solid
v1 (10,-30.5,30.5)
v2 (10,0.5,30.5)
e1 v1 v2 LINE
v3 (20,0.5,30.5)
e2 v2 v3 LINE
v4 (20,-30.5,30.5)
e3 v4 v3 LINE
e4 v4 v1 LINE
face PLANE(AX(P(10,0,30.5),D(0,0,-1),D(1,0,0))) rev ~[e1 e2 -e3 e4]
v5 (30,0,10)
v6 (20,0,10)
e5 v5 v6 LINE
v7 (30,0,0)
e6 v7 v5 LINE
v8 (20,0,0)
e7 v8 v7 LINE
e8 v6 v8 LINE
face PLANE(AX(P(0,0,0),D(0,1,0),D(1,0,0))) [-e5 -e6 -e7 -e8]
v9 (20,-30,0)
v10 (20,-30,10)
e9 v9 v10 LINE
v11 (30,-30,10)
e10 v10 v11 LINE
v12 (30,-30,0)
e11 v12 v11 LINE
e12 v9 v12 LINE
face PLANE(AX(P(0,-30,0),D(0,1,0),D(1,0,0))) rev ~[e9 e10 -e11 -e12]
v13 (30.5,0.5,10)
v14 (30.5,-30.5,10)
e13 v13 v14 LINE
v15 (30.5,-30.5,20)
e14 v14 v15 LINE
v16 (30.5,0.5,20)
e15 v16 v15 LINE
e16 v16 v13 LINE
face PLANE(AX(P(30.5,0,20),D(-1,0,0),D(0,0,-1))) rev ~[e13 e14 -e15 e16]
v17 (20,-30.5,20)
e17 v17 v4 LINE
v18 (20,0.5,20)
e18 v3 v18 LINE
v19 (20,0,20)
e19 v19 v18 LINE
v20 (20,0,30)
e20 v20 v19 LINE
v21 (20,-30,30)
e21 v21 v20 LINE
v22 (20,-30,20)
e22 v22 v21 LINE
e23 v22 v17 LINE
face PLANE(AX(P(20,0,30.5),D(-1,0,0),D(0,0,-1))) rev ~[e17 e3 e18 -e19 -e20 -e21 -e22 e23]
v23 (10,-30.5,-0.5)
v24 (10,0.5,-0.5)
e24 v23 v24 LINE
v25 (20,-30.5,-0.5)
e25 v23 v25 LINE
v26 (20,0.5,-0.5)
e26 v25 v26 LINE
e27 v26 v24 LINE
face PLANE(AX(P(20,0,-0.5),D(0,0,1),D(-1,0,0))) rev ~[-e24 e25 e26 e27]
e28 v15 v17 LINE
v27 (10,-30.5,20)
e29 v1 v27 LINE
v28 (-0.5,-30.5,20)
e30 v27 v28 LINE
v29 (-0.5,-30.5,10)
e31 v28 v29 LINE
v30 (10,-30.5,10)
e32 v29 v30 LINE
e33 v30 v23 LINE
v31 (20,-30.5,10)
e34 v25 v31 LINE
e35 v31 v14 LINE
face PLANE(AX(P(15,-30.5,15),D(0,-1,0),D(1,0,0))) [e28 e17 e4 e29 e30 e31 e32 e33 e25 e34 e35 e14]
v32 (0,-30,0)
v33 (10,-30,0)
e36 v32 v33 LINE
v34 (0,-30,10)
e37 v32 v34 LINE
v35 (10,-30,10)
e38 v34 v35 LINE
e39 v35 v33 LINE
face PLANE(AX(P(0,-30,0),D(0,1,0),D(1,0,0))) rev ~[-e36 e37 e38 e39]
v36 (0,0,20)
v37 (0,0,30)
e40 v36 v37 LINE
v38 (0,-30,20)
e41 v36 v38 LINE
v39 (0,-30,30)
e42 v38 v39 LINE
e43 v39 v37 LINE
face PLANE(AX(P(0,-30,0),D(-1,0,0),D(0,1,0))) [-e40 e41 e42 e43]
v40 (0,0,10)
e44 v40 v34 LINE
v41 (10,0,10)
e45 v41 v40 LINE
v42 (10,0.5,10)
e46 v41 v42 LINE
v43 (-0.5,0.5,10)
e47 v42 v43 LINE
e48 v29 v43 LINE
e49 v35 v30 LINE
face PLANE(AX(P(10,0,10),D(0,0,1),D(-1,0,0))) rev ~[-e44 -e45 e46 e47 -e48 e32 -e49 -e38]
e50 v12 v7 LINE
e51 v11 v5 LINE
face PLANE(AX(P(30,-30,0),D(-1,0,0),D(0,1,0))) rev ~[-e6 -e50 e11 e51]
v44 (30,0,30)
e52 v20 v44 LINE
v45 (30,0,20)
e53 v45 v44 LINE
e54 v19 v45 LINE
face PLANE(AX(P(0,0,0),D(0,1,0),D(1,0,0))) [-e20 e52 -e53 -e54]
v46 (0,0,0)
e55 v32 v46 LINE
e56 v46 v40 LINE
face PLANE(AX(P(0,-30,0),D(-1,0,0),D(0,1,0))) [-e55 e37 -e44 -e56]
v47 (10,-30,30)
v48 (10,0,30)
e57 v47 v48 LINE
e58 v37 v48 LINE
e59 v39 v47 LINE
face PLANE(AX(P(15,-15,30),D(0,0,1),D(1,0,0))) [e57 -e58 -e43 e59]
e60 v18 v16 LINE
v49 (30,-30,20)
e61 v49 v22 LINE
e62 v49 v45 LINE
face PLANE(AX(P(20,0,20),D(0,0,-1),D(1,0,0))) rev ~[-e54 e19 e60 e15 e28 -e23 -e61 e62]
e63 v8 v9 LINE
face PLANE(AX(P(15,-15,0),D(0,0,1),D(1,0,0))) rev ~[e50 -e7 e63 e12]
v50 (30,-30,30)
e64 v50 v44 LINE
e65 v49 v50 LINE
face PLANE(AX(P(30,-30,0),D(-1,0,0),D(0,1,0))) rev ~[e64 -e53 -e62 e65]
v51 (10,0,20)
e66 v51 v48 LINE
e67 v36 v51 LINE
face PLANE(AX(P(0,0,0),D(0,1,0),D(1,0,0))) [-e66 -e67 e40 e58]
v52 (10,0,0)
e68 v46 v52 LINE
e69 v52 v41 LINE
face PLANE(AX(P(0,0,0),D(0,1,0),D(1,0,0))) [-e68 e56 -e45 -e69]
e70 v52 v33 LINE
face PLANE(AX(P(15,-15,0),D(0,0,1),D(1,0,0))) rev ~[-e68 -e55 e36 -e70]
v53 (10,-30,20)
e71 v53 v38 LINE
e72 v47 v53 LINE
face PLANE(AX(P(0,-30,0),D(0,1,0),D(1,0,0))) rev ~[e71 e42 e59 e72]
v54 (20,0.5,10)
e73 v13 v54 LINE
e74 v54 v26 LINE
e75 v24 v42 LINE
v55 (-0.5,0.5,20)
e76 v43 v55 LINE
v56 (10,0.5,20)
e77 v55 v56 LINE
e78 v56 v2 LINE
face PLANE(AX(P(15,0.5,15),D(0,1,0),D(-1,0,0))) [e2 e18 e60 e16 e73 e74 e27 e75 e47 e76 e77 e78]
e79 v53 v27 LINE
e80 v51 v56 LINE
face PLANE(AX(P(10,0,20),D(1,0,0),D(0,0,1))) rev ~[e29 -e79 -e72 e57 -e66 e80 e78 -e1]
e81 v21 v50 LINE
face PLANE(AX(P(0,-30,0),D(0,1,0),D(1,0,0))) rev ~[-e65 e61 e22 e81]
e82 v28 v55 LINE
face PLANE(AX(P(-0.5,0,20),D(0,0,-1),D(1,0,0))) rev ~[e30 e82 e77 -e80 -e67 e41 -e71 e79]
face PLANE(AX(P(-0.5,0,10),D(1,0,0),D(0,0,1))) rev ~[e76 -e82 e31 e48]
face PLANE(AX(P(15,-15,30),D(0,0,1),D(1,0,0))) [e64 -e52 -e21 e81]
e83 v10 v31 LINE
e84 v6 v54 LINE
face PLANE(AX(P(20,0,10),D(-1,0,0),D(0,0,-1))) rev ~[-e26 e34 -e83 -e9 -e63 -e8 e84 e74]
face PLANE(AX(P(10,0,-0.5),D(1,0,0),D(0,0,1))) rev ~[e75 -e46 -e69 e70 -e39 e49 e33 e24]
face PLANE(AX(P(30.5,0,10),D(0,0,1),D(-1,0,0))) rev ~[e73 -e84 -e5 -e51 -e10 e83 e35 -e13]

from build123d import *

# Parameters (mm, degrees)
F0_W      = 30
F0_H      = 30
F1_DEPTH  = 30
F2_W      = 10
F2_H      = 30
F3_DEPTH  = 0.5
F4_W      = 30
F4_H      = 10
F5_DEPTH  = 0.5
F6_W      = 30
F6_H      = 10
F7_DEPTH  = 0.5
F8_W      = 10
F8_H      = 30
F9_DEPTH  = 0.5
F11_DEPTH = 0.5
F13_DEPTH = 0.5


with BuildPart() as f1:
    # F0 (on Top) → F1 (new body)
    with BuildSketch(Plane.XY):
        with Locations((15, -15)):
            Rectangle(F0_W, F0_H)
    extrude(amount=F1_DEPTH)

    # F2 (on face) → F3 (join)
    with BuildSketch(Plane.XY.offset(30)):
        with Locations((15, -15)):
            Rectangle(F2_W, F2_H)
    extrude(amount=F3_DEPTH)

    # F4 (on face) → F5 (join)
    with BuildSketch(Plane(origin=(0, 0, 0), x_dir=(0, -1, 0), z_dir=(-1, 0, 0))):
        with Locations((15, 15)):
            Rectangle(F4_W, F4_H)
    extrude(amount=F5_DEPTH)

    # F6 (on face) → F7 (join)
    with BuildSketch(Plane.YZ.offset(30)):
        with Locations((-15, 15)):
            Rectangle(F6_W, F6_H)
    extrude(amount=F7_DEPTH)

    # F8 (on face) → F9 (join)
    with BuildSketch(Plane(origin=(0, 0, 0), x_dir=(1, 0, 0), z_dir=(0, 0, -1))):
        with Locations((15, 15)):
            Rectangle(F8_W, F8_H)
    extrude(amount=F9_DEPTH)

    # F10 (on face) → F11 (join)
    with BuildSketch(Plane.XZ.offset(30)):
        Polygon((10, -0.5), (20, -0.5), (20, 0), (20, 10), (30, 10), (30.5, 10), (30.5, 20), (30, 20), (20, 20), (20, 30), (20, 30.5), (10, 30.5), (10, 30), (10, 20), (0, 20), (-0.5, 20), (-0.5, 10), (0, 10), (10, 10), (10, 0), align=None)
    extrude(amount=F11_DEPTH)

    # F12 (on face) → F13 (join)
    with BuildSketch(Plane(origin=(0, 0, 0), x_dir=(-1, 0, 0), z_dir=(0, 1, 0))):
        Polygon((-20, 10), (-20, -0.5), (-10, -0.5), (-10, 10), (0.5, 10), (0.5, 20), (-10, 20), (-10, 30.5), (-20, 30.5), (-20, 20), (-30.5, 20), (-30.5, 10), align=None)
    extrude(amount=F13_DEPTH)


solid = f1.part
